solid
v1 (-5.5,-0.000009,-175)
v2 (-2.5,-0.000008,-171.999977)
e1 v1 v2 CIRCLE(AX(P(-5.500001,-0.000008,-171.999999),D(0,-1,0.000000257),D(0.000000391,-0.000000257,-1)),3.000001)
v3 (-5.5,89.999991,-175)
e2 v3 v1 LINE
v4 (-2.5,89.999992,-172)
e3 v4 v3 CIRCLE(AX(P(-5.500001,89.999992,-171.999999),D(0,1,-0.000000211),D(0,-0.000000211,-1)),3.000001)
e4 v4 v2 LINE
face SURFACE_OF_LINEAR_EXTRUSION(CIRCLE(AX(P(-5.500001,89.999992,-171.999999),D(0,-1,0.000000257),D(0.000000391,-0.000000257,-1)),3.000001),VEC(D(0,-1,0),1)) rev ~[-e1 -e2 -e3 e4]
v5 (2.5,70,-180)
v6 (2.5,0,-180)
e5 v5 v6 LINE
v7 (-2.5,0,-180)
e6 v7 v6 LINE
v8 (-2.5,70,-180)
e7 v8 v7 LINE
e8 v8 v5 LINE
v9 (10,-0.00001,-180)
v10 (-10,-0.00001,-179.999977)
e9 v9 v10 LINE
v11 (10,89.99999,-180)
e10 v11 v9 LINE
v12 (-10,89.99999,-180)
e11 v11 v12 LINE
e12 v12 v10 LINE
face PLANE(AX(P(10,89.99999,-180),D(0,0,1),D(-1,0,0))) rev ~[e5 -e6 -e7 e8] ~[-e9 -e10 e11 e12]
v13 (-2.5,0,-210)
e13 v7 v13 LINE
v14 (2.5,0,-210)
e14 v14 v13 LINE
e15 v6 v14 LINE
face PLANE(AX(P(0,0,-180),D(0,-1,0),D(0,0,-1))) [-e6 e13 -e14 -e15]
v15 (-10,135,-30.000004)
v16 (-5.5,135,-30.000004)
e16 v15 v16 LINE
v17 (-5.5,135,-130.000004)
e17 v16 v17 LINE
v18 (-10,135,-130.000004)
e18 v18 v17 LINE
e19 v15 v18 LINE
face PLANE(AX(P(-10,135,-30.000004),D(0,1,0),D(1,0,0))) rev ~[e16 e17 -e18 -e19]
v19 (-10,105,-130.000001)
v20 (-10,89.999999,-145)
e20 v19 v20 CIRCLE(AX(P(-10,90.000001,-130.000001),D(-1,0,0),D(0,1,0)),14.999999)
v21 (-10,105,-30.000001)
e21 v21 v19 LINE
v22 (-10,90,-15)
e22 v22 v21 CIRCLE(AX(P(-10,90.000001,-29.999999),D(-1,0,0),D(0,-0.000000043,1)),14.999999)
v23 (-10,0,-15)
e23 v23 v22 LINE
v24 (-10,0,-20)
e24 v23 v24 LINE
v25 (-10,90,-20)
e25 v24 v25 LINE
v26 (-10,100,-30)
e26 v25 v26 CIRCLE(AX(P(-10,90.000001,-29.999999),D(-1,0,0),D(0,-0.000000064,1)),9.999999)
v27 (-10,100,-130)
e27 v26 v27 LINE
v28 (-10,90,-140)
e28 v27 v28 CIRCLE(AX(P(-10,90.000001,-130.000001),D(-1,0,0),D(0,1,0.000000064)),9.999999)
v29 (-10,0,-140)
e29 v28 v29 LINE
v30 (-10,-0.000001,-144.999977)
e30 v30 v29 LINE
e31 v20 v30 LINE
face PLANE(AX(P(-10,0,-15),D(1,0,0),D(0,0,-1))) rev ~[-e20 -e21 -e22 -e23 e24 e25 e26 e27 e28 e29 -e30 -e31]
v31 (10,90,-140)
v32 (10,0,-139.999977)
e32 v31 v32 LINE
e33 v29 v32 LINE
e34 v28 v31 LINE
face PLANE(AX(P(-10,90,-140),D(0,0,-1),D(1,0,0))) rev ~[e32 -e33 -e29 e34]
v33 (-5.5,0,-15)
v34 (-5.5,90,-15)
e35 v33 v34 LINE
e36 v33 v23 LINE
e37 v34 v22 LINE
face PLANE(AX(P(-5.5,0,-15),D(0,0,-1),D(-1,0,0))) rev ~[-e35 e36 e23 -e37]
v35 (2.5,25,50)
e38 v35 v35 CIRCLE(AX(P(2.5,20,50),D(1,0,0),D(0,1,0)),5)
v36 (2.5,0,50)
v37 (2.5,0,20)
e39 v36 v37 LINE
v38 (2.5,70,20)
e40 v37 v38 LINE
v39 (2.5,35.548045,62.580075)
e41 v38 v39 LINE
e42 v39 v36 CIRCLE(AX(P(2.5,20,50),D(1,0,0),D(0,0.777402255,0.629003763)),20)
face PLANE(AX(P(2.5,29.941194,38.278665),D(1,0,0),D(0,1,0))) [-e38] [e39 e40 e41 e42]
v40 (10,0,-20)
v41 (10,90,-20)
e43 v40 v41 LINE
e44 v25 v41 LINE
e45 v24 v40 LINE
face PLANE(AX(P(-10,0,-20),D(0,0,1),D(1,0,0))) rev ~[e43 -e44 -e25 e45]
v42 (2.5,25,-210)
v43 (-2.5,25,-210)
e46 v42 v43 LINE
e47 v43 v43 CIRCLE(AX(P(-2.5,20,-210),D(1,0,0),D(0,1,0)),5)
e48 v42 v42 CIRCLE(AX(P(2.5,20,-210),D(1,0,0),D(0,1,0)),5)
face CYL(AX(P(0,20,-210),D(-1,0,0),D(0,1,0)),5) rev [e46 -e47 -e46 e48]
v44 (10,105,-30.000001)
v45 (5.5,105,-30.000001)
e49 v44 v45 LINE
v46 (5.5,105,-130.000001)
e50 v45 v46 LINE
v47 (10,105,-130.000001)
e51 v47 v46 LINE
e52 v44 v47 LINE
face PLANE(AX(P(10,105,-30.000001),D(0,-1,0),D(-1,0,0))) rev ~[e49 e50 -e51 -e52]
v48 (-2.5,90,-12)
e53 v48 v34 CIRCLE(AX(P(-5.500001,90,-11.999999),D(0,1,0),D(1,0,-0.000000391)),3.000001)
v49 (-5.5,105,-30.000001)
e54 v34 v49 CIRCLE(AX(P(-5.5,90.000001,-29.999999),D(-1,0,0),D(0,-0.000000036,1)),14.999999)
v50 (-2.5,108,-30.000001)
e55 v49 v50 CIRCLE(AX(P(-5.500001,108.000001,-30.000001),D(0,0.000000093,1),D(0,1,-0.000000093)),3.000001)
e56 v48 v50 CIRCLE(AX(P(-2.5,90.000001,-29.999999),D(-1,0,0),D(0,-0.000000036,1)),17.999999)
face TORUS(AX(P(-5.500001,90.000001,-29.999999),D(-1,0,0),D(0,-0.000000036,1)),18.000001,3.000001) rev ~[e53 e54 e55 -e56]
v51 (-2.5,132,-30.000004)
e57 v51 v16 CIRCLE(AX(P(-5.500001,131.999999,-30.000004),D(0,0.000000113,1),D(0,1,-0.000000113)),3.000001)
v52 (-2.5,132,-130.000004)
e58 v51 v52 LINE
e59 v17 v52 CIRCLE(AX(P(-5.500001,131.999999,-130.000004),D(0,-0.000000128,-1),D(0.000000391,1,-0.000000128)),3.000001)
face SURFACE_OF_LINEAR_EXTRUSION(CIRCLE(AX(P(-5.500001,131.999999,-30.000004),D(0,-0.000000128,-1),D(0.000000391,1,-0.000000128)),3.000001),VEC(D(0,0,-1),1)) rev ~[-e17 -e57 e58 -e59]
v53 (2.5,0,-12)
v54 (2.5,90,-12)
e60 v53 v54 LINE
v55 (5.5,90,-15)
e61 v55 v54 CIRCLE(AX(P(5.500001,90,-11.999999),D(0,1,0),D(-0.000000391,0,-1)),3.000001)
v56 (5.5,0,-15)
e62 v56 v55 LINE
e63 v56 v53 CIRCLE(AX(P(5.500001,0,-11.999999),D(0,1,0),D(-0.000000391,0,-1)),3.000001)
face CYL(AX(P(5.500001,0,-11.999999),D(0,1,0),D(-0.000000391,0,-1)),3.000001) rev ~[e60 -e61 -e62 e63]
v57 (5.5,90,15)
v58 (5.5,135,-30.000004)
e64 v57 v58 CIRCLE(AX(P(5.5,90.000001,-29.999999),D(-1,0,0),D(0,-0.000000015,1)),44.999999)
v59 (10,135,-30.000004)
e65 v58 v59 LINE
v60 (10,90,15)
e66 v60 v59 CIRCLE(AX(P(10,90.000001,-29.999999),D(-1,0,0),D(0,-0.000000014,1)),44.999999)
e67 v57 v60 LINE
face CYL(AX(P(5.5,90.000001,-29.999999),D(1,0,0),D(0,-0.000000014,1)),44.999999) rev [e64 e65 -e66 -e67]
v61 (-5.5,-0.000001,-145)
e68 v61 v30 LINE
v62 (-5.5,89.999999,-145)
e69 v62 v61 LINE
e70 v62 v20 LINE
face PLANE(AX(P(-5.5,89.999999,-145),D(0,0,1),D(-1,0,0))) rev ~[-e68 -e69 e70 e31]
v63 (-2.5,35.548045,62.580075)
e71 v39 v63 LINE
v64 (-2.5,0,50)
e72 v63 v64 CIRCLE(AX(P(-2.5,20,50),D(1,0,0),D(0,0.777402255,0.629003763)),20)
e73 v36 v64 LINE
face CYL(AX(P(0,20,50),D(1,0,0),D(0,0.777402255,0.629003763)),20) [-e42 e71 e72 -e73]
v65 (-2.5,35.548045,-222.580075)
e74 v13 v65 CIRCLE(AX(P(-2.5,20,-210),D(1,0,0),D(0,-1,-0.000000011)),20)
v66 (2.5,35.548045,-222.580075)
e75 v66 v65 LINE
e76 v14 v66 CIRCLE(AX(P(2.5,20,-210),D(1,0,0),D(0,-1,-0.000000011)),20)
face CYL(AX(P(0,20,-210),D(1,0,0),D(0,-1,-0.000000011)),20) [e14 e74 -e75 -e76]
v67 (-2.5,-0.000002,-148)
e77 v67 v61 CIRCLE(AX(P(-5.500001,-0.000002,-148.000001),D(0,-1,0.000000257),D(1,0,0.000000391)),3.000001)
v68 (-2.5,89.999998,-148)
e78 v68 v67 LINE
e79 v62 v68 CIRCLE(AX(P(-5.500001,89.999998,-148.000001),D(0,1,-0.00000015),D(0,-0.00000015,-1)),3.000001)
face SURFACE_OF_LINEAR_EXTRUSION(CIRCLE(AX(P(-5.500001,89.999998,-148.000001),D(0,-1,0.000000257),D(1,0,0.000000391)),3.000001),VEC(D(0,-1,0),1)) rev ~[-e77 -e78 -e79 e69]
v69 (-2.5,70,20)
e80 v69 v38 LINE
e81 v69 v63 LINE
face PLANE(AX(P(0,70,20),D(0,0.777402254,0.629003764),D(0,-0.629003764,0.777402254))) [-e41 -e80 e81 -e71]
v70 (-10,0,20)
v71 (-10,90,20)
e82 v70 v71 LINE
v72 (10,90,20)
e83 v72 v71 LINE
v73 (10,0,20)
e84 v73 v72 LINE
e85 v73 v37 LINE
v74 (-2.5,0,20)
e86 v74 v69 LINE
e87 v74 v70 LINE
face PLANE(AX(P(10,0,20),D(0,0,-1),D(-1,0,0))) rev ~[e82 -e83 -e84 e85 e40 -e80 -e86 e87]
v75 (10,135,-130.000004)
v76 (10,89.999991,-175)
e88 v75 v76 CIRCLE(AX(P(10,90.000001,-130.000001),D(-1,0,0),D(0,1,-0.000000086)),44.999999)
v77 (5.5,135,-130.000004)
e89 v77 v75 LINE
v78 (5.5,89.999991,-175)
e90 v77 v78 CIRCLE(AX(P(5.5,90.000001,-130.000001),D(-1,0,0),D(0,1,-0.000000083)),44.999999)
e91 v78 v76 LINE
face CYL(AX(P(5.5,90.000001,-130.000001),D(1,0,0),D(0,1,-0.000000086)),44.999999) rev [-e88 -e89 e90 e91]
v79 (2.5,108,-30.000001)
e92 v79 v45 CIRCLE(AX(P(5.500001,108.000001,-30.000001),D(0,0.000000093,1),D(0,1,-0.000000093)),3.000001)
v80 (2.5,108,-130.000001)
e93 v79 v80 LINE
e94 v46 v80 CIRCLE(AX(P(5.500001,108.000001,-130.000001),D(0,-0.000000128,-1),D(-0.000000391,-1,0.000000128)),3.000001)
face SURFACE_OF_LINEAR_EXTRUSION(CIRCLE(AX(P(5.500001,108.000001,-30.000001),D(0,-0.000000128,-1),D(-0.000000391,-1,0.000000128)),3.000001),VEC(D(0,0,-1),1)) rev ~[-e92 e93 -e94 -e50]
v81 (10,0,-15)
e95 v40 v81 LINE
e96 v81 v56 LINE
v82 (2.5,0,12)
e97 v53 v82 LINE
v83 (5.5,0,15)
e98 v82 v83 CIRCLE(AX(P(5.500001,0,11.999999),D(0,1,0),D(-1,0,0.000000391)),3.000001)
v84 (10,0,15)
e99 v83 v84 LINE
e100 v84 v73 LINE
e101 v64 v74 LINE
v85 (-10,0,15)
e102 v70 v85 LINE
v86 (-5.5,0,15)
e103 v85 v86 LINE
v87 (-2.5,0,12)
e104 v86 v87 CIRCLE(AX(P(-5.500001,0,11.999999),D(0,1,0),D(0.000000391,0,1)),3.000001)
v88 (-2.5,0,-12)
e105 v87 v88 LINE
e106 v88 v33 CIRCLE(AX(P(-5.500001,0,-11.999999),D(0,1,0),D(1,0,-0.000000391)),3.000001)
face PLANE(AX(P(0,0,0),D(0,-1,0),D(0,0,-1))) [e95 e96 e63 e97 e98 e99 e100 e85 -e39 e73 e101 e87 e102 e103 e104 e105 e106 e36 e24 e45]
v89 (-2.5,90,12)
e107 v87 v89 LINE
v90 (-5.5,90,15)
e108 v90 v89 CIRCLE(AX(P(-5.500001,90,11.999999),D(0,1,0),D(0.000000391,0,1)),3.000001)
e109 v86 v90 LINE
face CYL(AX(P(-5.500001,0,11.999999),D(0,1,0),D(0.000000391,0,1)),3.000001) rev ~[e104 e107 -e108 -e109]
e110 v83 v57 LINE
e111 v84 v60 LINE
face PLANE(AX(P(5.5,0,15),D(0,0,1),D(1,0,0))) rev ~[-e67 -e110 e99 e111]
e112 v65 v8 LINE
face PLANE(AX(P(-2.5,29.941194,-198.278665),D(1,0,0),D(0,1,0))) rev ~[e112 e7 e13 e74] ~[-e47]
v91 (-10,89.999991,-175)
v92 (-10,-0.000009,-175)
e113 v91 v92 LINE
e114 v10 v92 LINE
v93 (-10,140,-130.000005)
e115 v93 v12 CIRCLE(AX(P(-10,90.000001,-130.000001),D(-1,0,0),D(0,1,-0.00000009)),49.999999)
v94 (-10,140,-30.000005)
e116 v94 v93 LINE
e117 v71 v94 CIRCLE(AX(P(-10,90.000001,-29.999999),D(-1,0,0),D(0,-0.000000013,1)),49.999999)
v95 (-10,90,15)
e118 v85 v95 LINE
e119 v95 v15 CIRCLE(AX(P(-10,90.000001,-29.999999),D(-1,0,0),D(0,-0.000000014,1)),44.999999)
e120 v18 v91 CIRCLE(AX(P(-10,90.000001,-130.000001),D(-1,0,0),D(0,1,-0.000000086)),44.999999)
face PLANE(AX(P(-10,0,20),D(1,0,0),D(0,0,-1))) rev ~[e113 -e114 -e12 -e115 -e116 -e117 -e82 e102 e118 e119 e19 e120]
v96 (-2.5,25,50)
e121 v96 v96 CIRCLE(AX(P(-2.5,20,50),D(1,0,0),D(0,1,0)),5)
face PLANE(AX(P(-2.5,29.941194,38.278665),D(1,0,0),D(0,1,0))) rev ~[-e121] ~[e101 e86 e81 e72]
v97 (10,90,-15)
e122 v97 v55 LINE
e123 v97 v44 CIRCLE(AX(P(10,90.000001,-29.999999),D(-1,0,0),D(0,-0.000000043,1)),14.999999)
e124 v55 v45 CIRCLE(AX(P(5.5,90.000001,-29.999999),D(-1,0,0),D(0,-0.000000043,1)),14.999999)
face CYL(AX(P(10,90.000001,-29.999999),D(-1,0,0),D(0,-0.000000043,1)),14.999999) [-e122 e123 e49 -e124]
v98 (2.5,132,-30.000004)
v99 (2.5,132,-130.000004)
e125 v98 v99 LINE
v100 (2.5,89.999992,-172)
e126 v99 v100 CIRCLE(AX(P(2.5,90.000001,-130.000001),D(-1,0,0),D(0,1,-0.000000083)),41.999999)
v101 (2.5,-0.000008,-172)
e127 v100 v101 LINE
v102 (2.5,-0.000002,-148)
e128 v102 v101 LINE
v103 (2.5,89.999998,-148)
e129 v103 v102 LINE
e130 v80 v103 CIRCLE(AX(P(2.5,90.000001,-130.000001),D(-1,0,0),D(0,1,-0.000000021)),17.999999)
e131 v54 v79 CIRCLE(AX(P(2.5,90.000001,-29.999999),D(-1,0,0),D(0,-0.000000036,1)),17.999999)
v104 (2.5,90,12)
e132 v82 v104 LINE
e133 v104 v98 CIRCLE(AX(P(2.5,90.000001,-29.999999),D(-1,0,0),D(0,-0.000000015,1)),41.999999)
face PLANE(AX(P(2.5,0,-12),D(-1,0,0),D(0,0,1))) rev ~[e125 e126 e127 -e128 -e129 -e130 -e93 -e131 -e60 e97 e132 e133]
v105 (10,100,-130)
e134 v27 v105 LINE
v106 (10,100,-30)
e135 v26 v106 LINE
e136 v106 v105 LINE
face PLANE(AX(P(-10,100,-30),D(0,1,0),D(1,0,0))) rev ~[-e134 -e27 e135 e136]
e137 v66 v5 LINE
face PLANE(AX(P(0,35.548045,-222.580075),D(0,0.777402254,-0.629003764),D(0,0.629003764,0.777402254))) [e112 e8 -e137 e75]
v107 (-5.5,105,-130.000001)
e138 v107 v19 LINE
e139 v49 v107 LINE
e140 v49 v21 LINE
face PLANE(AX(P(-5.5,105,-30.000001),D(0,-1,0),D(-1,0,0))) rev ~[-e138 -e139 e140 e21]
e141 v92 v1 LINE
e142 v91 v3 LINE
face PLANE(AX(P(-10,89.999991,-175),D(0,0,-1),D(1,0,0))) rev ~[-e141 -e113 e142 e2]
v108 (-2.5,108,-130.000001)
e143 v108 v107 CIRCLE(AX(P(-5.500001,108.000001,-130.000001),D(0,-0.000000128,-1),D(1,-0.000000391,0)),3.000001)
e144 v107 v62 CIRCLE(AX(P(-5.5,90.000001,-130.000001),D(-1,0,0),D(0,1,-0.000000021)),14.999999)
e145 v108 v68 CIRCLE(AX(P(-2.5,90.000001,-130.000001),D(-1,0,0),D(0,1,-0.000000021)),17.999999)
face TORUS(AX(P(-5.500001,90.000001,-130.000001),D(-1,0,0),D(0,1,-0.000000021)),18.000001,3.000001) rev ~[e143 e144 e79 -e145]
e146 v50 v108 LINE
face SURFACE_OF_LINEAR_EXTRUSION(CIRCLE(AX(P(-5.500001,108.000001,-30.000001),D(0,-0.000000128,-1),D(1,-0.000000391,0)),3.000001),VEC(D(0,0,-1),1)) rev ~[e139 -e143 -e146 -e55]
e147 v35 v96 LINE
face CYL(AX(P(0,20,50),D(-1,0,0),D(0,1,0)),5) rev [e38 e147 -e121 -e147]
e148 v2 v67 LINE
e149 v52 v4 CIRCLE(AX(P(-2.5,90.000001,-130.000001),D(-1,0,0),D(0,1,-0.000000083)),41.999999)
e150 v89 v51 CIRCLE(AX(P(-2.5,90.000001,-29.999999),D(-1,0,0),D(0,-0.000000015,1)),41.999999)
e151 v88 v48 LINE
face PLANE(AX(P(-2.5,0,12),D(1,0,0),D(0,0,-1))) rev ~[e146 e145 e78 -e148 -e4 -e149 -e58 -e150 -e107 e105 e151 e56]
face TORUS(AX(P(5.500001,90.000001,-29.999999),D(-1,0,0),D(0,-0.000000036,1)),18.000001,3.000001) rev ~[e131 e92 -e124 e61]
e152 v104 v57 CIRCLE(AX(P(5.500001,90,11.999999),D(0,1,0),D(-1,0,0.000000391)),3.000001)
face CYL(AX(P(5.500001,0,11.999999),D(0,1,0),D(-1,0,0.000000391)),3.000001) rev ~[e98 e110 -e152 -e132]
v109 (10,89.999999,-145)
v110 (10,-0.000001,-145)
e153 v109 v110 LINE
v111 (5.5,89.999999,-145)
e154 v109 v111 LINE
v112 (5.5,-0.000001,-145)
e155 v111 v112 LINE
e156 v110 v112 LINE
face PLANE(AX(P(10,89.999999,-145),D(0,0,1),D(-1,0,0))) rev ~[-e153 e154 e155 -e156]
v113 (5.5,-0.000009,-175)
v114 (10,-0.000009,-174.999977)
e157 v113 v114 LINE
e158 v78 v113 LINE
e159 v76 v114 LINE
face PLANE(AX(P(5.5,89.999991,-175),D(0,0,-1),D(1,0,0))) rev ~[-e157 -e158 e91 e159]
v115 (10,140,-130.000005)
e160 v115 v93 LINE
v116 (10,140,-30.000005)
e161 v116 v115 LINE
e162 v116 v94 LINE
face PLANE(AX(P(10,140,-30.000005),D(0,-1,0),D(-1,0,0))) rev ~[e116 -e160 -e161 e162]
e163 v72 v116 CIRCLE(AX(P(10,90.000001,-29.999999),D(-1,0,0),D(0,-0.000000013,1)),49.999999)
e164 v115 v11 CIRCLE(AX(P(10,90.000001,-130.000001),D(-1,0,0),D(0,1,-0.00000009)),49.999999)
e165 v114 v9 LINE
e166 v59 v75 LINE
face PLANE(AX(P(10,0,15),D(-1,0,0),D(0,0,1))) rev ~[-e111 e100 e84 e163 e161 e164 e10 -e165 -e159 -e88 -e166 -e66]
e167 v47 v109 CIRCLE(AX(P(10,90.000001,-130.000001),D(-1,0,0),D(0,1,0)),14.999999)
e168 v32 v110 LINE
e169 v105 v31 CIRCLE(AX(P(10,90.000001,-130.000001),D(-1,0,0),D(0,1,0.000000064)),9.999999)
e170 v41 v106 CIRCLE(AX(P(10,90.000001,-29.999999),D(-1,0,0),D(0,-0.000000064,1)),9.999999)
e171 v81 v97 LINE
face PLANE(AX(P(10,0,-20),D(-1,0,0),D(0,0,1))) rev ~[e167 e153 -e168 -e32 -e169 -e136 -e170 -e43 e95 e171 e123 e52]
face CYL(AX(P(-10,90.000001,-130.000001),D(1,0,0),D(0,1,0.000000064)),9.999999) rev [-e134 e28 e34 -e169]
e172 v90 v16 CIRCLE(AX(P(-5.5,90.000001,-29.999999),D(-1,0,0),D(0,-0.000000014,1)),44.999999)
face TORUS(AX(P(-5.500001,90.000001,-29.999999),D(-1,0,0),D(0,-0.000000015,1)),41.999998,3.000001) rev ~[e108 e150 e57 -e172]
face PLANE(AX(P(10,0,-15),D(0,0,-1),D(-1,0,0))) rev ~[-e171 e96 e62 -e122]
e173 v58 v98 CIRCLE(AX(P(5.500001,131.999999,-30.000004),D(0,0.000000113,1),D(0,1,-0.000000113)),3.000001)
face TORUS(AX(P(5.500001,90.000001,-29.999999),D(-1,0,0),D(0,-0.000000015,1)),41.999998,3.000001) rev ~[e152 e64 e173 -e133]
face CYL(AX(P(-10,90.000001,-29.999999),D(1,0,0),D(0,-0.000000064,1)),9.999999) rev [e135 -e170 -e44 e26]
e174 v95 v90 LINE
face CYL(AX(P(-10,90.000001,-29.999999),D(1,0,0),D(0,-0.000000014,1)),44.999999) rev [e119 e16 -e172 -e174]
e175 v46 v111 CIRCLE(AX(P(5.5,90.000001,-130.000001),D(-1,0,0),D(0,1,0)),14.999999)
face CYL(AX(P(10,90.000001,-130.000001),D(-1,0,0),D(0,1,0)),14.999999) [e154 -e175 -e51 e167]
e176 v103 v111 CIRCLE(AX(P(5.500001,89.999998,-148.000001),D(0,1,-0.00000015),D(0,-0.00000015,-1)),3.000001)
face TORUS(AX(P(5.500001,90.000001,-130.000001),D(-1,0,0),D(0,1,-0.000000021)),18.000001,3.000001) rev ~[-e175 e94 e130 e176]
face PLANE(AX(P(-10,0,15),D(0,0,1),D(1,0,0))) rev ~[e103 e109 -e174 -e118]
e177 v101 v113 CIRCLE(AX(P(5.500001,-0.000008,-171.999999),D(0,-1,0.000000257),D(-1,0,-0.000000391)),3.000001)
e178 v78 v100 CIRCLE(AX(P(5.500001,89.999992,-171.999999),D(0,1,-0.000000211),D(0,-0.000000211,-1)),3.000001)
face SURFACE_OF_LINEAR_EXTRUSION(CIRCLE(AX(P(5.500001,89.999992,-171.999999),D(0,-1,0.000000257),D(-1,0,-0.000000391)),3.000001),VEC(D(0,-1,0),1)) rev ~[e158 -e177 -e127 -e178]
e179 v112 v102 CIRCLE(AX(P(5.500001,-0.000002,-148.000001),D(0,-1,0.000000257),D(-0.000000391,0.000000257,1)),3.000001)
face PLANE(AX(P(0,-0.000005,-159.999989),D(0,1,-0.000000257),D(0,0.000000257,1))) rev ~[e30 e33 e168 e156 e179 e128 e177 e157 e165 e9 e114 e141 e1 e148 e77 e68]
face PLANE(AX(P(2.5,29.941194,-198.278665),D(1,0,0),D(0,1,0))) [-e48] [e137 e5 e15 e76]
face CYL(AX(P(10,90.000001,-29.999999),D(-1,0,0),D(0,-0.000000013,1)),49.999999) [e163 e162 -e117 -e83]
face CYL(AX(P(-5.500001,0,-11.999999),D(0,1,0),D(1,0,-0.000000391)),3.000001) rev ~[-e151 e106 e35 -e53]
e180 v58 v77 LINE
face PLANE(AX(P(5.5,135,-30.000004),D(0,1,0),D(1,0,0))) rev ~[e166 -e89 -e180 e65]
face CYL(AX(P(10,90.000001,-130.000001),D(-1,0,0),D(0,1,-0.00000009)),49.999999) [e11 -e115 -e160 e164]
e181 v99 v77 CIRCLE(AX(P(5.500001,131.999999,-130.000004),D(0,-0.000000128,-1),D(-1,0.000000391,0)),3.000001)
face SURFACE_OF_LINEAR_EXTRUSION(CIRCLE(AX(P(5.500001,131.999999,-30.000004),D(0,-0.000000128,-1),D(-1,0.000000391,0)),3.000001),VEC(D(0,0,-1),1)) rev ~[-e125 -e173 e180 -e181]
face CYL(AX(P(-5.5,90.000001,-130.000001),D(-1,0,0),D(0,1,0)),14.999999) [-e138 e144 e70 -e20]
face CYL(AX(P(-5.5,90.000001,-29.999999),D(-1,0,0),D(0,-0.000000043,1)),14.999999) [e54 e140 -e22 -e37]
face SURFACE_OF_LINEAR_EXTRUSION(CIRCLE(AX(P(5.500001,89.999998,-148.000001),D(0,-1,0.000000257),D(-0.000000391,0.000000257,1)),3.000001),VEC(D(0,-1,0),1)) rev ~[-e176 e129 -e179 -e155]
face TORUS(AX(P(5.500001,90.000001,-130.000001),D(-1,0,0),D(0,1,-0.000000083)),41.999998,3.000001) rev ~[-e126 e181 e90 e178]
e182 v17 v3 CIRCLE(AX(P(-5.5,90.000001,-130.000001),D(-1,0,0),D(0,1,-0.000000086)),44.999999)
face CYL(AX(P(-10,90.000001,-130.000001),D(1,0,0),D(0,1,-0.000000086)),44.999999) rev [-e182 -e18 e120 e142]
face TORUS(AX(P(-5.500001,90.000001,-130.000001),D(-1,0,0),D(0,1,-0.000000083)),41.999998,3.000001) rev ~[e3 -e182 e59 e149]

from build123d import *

# Parameters (mm, degrees)
F4_R     = 5
F5_DEPTH = 2.5
F6_DEPTH = 2.5


with BuildPart() as f2:
    # F2: sweep along a path in F1
    with BuildLine(Plane.YZ) as f2_path:
        Line((0, -20), (90, -20))
        ThreePointArc((90, -20), (97.071068, -22.928932), (100, -30))
        Line((100, -30), (100, -80))
        Line((100, -80), (100, -130))
        ThreePointArc((100, -130), (97.071068, -137.071068), (90, -140))
        Line((90, -140), (0, -140))
    # F0 (on Front) → F2 (sweep)
    with BuildSketch(Plane.XZ):
        with BuildLine():
            Line((2.5, -12), (2.5, 0))
            Line((2.5, 0), (2.5, 12))
            ThreePointArc((2.5, 12), (3.37868, 14.12132), (5.5, 15))
            Line((5.5, 15), (10, 15))
            Line((10, 15), (10, 20))
            Line((10, 20), (0, 20))
            Line((0, 20), (-10, 20))
            Line((-10, 20), (-10, 15))
            Line((-10, 15), (-5.5, 15))
            ThreePointArc((-5.5, 15), (-3.37868, 14.12132), (-2.5, 12))
            Line((-2.5, 12), (-2.5, 0))
            Line((-2.5, 0), (-2.5, -12))
            ThreePointArc((-2.5, -12), (-3.37868, -14.12132), (-5.5, -15))
            Line((-5.5, -15), (-10, -15))
            Line((-10, -15), (-10, -20))
            Line((-10, -20), (0, -20))
            Line((0, -20), (10, -20))
            Line((10, -20), (10, -15))
            Line((10, -15), (5.5, -15))
            ThreePointArc((5.5, -15), (3.37868, -14.12132), (2.5, -12))
        make_face()
    sweep(path=f2_path.line)

    # F4 (on Right) → F5 (join, symmetric)
    with BuildSketch(Plane.YZ):
        with BuildLine():
            Line((0, 50), (0, 20))
            Line((0, 20), (70, 20))
            Line((70, 20), (35.548045, 62.580075))
            ThreePointArc((35.548045, 62.580075), (13.327703, 68.854189), (0, 50))
        make_face()
        with Locations((20, 50)):
            Circle(F4_R, mode=Mode.SUBTRACT)
    extrude(amount=F5_DEPTH, both=True)

    # F4 (on Right) → F6 (join, symmetric)
    with BuildSketch(Plane.YZ):
        with BuildLine():
            Line((0, 50), (0, 20))
            Line((0, 20), (70, 20))
            Line((70, 20), (35.548045, 62.580075))
            ThreePointArc((35.548045, 62.580075), (13.327703, 68.854189), (0, 50))
        make_face()
        with Locations((20, 50)):
            Circle(F4_R, mode=Mode.SUBTRACT)
        with BuildLine():
            Line((35.548045, -222.580075), (70, -180))
            Line((70, -180), (0, -180))
            Line((0, -180), (0, -210))
            ThreePointArc((0, -210), (13.327703, -228.854189), (35.548045, -222.580075))
        make_face()
        with Locations((20, -210)):
            Circle(F4_R, mode=Mode.SUBTRACT)
    extrude(amount=F6_DEPTH, both=True)


solid = f2.part
